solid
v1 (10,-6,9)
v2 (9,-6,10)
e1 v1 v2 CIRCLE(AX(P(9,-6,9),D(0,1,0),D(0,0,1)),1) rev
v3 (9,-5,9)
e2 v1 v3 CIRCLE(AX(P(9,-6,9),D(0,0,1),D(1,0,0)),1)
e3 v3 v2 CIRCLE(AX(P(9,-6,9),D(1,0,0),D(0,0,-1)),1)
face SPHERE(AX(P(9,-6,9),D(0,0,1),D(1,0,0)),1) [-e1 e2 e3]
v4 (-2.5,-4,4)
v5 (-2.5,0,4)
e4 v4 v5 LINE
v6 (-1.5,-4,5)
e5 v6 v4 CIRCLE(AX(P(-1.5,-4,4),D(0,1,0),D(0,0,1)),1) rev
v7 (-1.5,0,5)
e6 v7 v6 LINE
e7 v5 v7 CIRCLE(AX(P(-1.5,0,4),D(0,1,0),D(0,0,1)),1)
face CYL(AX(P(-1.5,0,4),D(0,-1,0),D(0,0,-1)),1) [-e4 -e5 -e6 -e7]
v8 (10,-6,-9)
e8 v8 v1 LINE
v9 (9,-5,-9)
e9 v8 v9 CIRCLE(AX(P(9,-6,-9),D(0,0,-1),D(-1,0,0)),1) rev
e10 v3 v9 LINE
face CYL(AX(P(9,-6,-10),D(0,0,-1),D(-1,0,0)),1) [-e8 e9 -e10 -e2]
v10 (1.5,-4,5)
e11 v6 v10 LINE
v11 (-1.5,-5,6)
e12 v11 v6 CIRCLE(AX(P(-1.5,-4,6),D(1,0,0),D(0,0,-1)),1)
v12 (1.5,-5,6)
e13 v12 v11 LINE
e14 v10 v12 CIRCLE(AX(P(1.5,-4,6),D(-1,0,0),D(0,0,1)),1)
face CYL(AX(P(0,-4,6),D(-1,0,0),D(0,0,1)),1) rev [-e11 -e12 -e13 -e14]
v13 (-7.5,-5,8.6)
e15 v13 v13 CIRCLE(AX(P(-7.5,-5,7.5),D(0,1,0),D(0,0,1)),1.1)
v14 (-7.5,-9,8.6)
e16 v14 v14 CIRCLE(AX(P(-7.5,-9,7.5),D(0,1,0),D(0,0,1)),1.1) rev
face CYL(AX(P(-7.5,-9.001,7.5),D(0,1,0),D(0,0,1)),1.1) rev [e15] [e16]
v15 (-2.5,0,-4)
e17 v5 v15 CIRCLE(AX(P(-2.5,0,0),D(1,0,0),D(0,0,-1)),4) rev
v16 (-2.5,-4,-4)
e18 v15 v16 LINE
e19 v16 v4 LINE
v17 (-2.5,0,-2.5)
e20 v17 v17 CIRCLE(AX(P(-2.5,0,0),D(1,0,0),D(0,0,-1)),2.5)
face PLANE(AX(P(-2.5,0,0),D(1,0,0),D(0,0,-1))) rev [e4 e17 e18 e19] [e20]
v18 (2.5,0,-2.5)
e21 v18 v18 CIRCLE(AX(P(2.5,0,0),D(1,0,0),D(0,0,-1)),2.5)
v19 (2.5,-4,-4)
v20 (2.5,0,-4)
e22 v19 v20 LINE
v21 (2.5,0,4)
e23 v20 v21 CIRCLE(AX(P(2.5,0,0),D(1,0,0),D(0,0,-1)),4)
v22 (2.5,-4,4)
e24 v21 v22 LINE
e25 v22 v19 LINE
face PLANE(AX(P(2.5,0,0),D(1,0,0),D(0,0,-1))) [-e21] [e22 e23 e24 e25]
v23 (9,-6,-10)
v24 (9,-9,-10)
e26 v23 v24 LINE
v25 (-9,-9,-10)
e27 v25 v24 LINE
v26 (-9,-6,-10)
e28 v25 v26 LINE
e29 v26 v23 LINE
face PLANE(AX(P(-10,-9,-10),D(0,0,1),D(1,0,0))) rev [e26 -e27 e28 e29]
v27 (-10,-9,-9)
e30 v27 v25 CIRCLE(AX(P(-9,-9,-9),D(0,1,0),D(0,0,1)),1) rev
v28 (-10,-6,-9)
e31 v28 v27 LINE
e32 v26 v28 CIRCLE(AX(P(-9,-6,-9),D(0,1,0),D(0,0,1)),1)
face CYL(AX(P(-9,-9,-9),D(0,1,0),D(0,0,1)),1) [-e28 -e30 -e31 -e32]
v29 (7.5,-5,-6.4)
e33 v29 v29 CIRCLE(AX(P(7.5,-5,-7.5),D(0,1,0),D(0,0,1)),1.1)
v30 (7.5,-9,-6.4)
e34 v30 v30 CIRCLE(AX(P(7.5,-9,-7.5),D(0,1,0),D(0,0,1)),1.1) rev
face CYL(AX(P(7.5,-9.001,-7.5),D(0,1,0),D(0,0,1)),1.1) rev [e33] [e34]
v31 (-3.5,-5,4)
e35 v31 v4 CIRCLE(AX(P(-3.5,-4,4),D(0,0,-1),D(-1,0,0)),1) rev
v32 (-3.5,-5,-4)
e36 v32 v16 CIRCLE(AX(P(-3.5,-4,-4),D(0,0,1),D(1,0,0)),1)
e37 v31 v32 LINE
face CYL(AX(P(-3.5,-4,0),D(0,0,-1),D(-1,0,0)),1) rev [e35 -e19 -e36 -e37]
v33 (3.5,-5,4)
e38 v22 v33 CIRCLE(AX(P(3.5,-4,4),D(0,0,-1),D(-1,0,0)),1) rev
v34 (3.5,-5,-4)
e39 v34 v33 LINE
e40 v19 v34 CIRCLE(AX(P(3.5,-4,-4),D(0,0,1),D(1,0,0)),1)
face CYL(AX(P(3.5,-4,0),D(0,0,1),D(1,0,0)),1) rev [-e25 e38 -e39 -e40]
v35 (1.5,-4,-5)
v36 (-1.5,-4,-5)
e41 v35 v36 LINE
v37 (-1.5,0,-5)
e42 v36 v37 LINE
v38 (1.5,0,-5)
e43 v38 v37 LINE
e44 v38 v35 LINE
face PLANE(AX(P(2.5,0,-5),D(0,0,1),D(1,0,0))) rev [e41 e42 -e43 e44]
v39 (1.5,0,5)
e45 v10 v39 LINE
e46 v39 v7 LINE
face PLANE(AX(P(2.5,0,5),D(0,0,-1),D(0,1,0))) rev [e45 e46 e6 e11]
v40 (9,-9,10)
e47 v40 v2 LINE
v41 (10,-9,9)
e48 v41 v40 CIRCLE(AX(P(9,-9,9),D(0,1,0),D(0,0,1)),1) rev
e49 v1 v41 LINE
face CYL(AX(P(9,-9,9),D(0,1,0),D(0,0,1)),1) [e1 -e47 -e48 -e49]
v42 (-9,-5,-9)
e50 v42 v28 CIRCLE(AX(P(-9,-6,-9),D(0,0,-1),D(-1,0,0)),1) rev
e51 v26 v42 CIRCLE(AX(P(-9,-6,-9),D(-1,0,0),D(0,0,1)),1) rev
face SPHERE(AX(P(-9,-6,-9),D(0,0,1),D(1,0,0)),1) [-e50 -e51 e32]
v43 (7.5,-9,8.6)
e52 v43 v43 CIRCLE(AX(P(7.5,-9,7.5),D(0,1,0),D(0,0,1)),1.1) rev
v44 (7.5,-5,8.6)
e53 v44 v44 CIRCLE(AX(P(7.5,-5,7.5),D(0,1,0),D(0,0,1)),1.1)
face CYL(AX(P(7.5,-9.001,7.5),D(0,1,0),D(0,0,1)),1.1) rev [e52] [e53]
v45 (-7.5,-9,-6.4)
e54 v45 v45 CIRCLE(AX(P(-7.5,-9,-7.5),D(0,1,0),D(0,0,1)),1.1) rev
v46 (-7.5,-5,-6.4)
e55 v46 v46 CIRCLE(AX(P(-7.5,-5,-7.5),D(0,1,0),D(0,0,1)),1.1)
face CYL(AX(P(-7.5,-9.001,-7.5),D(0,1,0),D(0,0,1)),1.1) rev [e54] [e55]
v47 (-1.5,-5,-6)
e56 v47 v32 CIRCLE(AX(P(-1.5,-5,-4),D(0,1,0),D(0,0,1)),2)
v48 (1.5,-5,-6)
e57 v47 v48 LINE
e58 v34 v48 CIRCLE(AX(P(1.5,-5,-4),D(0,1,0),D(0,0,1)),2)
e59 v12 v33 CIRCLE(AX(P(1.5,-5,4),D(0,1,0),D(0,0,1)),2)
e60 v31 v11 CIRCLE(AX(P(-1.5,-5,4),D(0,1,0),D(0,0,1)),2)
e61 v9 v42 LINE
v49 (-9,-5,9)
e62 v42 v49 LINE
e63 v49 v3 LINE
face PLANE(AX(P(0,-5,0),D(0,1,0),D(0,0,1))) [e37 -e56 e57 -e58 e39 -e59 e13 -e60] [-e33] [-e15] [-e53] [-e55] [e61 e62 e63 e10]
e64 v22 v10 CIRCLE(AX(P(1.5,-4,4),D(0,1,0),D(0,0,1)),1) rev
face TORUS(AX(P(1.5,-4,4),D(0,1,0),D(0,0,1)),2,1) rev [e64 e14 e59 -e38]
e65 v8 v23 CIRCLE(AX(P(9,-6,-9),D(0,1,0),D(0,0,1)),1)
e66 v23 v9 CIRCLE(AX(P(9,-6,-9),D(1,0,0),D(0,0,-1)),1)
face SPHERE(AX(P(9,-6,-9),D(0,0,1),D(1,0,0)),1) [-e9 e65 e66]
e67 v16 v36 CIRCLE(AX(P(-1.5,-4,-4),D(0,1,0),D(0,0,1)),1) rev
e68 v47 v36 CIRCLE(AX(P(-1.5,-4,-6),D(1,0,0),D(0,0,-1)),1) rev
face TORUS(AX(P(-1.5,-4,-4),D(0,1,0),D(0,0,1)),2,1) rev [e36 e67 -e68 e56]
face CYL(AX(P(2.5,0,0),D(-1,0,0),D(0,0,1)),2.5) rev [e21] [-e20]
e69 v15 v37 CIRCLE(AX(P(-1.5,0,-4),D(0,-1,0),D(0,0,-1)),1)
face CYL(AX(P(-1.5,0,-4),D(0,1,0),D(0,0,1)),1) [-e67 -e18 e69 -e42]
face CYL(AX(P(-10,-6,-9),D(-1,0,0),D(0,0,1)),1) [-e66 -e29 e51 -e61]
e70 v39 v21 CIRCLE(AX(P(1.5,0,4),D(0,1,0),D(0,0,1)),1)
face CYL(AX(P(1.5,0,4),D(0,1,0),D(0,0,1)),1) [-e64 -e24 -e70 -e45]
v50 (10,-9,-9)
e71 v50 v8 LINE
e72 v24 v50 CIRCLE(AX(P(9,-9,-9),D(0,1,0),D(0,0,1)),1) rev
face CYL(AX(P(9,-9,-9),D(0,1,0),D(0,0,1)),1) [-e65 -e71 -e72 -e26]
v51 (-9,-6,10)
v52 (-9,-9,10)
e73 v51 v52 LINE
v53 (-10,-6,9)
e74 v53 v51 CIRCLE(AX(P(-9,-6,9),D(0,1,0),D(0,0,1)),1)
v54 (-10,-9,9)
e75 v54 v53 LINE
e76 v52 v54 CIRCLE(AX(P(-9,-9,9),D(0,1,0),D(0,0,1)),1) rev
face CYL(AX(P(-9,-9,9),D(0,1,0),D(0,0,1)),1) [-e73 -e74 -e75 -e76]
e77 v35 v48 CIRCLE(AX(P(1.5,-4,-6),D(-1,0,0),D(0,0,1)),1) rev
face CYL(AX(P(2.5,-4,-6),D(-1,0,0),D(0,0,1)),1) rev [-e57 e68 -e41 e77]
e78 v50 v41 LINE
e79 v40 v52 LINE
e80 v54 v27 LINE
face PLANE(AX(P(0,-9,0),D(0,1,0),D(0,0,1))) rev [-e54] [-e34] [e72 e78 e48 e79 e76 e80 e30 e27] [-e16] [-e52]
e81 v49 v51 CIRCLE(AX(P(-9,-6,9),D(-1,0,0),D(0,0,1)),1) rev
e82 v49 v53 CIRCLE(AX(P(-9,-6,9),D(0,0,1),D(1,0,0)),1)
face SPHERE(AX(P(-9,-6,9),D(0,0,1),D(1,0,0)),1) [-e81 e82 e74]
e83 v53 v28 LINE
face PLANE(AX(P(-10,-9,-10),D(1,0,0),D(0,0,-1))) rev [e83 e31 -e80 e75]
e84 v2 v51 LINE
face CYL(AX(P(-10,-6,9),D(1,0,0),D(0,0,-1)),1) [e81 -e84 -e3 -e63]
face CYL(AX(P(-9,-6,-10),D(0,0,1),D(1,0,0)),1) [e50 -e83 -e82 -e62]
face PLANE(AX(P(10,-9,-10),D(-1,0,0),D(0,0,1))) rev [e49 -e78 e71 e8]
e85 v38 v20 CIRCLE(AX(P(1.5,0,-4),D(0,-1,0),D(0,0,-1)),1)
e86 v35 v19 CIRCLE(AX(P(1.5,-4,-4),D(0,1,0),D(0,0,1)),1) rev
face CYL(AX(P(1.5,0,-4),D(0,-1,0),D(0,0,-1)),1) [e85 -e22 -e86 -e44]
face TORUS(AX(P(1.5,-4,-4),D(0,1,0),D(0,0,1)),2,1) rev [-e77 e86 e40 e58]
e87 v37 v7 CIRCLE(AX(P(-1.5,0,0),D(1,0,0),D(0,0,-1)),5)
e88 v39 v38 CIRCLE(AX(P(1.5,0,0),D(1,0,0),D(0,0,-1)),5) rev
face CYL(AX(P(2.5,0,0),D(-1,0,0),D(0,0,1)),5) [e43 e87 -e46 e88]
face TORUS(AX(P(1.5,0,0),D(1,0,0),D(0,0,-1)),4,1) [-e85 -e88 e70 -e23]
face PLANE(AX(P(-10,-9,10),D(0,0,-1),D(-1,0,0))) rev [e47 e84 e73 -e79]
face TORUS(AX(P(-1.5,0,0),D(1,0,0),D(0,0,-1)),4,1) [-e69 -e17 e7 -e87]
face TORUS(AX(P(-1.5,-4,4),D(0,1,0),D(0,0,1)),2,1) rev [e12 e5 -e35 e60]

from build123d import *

# Parameters (mm, degrees)
ESQUISSE2_R             = 2.5
BOSS_EXTRU_1_DEPTH      = 2.5
ESQUISSE4_W             = 20
ESQUISSE4_H             = 20
BOSS_EXTRU_2_DEPTH      = 4
ENL_V_MAT_EXTRU_1_REACH = 6
ESQUISSE5_R             = 1.1
CONG_1_R                = 1


with BuildPart() as part:
    # Esquisse2 → Boss.-Extru.1 (new body, symmetric)
    with BuildSketch(Plane(origin=(0, 0, 0), x_dir=(0, 0, -1), z_dir=(1, 0, 0))):
        with BuildLine():
            Line((5, 0), (5, -5))
            Line((5, -5), (-5, -5))
            Line((-5, -5), (-5, 0))
            ThreePointArc((-5, 0), (0, 5), (5, 0))
        make_face()
        Circle(ESQUISSE2_R, mode=Mode.SUBTRACT)
    extrude(amount=BOSS_EXTRU_1_DEPTH, both=True)

    # Esquisse4 → Boss.-Extru.2 (add)
    with BuildSketch(Plane.XZ.offset(5)):
        Rectangle(ESQUISSE4_W, ESQUISSE4_H)
    extrude(amount=BOSS_EXTRU_2_DEPTH)

    # Esquisse5 → Enlèv. mat.-Extru.1 (cut, up to next)
    with BuildSketch(Plane(origin=(0, -5, 0), x_dir=(1, 0, 0), z_dir=(0, 1, 0)), mode=Mode.PRIVATE) as enl_v_mat_extru_1_sk1:
        with Locations(Location((7.5, -7.5, 0), (0, 0, 270))):  # turned: the seam where the file's is
            Circle(ESQUISSE5_R)
    enl_v_mat_extru_1_tool1 = extrude(enl_v_mat_extru_1_sk1.sketch, amount=-ENL_V_MAT_EXTRU_1_REACH, mode=Mode.PRIVATE) & part.part
    add(enl_v_mat_extru_1_tool1.solids().sort_by_distance((7.5, -5, 7.5))[0], mode=Mode.SUBTRACT)
    # Esquisse5 → Enlèv. mat.-Extru.1 (cut, up to next)
    with BuildSketch(Plane(origin=(0, -5, 0), x_dir=(1, 0, 0), z_dir=(0, 1, 0)), mode=Mode.PRIVATE) as enl_v_mat_extru_1_sk2:
        with Locations(Location((7.5, 7.5, 0), (0, 0, 270))):  # turned: the seam where the file's is
            Circle(ESQUISSE5_R)
    enl_v_mat_extru_1_tool2 = extrude(enl_v_mat_extru_1_sk2.sketch, amount=-ENL_V_MAT_EXTRU_1_REACH, mode=Mode.PRIVATE) & part.part
    add(enl_v_mat_extru_1_tool2.solids().sort_by_distance((7.5, -5, -7.5))[0], mode=Mode.SUBTRACT)
    # Esquisse5 → Enlèv. mat.-Extru.1 (cut, up to next)
    with BuildSketch(Plane(origin=(0, -5, 0), x_dir=(1, 0, 0), z_dir=(0, 1, 0)), mode=Mode.PRIVATE) as enl_v_mat_extru_1_sk3:
        with Locations(Location((-7.5, 7.5, 0), (0, 0, 270))):  # turned: the seam where the file's is
            Circle(ESQUISSE5_R)
    enl_v_mat_extru_1_tool3 = extrude(enl_v_mat_extru_1_sk3.sketch, amount=-ENL_V_MAT_EXTRU_1_REACH, mode=Mode.PRIVATE) & part.part
    add(enl_v_mat_extru_1_tool3.solids().sort_by_distance((-7.5, -5, -7.5))[0], mode=Mode.SUBTRACT)
    # Esquisse5 → Enlèv. mat.-Extru.1 (cut, up to next)
    with BuildSketch(Plane(origin=(0, -5, 0), x_dir=(1, 0, 0), z_dir=(0, 1, 0)), mode=Mode.PRIVATE) as enl_v_mat_extru_1_sk4:
        with Locations(Location((-7.5, -7.5, 0), (0, 0, 270))):  # turned: the seam where the file's is
            Circle(ESQUISSE5_R)
    enl_v_mat_extru_1_tool4 = extrude(enl_v_mat_extru_1_sk4.sketch, amount=-ENL_V_MAT_EXTRU_1_REACH, mode=Mode.PRIVATE) & part.part
    add(enl_v_mat_extru_1_tool4.solids().sort_by_distance((-7.5, -5, 7.5))[0], mode=Mode.SUBTRACT)

    # Congé1
    cong_1_edges = [part.edges().sort_by_distance(p)[0] for p in [
        (2.5, -5, 0),
        (2.5, -2.5, -5),
        (-10, -5, 0),
        (-10, -7, 10),
        (0, -5, -10),
        (-10, -7, -10),
        (10, -5, 0),
        (10, -7, -10),
        (0, -5, 10),
        (10, -7, 10),
        (2.5, 5, 0),
        (-2.5, -2.5, -5),
        (-2.5, -5, 0),
        (-2.5, -2.5, 5),
        (-2.5, 5, 0),
        (0, -5, -5),
        (0, -5, 5),
        (2.5, -2.5, 5),
    ]]
    fillet(cong_1_edges, radius=CONG_1_R)


solid = part.part
